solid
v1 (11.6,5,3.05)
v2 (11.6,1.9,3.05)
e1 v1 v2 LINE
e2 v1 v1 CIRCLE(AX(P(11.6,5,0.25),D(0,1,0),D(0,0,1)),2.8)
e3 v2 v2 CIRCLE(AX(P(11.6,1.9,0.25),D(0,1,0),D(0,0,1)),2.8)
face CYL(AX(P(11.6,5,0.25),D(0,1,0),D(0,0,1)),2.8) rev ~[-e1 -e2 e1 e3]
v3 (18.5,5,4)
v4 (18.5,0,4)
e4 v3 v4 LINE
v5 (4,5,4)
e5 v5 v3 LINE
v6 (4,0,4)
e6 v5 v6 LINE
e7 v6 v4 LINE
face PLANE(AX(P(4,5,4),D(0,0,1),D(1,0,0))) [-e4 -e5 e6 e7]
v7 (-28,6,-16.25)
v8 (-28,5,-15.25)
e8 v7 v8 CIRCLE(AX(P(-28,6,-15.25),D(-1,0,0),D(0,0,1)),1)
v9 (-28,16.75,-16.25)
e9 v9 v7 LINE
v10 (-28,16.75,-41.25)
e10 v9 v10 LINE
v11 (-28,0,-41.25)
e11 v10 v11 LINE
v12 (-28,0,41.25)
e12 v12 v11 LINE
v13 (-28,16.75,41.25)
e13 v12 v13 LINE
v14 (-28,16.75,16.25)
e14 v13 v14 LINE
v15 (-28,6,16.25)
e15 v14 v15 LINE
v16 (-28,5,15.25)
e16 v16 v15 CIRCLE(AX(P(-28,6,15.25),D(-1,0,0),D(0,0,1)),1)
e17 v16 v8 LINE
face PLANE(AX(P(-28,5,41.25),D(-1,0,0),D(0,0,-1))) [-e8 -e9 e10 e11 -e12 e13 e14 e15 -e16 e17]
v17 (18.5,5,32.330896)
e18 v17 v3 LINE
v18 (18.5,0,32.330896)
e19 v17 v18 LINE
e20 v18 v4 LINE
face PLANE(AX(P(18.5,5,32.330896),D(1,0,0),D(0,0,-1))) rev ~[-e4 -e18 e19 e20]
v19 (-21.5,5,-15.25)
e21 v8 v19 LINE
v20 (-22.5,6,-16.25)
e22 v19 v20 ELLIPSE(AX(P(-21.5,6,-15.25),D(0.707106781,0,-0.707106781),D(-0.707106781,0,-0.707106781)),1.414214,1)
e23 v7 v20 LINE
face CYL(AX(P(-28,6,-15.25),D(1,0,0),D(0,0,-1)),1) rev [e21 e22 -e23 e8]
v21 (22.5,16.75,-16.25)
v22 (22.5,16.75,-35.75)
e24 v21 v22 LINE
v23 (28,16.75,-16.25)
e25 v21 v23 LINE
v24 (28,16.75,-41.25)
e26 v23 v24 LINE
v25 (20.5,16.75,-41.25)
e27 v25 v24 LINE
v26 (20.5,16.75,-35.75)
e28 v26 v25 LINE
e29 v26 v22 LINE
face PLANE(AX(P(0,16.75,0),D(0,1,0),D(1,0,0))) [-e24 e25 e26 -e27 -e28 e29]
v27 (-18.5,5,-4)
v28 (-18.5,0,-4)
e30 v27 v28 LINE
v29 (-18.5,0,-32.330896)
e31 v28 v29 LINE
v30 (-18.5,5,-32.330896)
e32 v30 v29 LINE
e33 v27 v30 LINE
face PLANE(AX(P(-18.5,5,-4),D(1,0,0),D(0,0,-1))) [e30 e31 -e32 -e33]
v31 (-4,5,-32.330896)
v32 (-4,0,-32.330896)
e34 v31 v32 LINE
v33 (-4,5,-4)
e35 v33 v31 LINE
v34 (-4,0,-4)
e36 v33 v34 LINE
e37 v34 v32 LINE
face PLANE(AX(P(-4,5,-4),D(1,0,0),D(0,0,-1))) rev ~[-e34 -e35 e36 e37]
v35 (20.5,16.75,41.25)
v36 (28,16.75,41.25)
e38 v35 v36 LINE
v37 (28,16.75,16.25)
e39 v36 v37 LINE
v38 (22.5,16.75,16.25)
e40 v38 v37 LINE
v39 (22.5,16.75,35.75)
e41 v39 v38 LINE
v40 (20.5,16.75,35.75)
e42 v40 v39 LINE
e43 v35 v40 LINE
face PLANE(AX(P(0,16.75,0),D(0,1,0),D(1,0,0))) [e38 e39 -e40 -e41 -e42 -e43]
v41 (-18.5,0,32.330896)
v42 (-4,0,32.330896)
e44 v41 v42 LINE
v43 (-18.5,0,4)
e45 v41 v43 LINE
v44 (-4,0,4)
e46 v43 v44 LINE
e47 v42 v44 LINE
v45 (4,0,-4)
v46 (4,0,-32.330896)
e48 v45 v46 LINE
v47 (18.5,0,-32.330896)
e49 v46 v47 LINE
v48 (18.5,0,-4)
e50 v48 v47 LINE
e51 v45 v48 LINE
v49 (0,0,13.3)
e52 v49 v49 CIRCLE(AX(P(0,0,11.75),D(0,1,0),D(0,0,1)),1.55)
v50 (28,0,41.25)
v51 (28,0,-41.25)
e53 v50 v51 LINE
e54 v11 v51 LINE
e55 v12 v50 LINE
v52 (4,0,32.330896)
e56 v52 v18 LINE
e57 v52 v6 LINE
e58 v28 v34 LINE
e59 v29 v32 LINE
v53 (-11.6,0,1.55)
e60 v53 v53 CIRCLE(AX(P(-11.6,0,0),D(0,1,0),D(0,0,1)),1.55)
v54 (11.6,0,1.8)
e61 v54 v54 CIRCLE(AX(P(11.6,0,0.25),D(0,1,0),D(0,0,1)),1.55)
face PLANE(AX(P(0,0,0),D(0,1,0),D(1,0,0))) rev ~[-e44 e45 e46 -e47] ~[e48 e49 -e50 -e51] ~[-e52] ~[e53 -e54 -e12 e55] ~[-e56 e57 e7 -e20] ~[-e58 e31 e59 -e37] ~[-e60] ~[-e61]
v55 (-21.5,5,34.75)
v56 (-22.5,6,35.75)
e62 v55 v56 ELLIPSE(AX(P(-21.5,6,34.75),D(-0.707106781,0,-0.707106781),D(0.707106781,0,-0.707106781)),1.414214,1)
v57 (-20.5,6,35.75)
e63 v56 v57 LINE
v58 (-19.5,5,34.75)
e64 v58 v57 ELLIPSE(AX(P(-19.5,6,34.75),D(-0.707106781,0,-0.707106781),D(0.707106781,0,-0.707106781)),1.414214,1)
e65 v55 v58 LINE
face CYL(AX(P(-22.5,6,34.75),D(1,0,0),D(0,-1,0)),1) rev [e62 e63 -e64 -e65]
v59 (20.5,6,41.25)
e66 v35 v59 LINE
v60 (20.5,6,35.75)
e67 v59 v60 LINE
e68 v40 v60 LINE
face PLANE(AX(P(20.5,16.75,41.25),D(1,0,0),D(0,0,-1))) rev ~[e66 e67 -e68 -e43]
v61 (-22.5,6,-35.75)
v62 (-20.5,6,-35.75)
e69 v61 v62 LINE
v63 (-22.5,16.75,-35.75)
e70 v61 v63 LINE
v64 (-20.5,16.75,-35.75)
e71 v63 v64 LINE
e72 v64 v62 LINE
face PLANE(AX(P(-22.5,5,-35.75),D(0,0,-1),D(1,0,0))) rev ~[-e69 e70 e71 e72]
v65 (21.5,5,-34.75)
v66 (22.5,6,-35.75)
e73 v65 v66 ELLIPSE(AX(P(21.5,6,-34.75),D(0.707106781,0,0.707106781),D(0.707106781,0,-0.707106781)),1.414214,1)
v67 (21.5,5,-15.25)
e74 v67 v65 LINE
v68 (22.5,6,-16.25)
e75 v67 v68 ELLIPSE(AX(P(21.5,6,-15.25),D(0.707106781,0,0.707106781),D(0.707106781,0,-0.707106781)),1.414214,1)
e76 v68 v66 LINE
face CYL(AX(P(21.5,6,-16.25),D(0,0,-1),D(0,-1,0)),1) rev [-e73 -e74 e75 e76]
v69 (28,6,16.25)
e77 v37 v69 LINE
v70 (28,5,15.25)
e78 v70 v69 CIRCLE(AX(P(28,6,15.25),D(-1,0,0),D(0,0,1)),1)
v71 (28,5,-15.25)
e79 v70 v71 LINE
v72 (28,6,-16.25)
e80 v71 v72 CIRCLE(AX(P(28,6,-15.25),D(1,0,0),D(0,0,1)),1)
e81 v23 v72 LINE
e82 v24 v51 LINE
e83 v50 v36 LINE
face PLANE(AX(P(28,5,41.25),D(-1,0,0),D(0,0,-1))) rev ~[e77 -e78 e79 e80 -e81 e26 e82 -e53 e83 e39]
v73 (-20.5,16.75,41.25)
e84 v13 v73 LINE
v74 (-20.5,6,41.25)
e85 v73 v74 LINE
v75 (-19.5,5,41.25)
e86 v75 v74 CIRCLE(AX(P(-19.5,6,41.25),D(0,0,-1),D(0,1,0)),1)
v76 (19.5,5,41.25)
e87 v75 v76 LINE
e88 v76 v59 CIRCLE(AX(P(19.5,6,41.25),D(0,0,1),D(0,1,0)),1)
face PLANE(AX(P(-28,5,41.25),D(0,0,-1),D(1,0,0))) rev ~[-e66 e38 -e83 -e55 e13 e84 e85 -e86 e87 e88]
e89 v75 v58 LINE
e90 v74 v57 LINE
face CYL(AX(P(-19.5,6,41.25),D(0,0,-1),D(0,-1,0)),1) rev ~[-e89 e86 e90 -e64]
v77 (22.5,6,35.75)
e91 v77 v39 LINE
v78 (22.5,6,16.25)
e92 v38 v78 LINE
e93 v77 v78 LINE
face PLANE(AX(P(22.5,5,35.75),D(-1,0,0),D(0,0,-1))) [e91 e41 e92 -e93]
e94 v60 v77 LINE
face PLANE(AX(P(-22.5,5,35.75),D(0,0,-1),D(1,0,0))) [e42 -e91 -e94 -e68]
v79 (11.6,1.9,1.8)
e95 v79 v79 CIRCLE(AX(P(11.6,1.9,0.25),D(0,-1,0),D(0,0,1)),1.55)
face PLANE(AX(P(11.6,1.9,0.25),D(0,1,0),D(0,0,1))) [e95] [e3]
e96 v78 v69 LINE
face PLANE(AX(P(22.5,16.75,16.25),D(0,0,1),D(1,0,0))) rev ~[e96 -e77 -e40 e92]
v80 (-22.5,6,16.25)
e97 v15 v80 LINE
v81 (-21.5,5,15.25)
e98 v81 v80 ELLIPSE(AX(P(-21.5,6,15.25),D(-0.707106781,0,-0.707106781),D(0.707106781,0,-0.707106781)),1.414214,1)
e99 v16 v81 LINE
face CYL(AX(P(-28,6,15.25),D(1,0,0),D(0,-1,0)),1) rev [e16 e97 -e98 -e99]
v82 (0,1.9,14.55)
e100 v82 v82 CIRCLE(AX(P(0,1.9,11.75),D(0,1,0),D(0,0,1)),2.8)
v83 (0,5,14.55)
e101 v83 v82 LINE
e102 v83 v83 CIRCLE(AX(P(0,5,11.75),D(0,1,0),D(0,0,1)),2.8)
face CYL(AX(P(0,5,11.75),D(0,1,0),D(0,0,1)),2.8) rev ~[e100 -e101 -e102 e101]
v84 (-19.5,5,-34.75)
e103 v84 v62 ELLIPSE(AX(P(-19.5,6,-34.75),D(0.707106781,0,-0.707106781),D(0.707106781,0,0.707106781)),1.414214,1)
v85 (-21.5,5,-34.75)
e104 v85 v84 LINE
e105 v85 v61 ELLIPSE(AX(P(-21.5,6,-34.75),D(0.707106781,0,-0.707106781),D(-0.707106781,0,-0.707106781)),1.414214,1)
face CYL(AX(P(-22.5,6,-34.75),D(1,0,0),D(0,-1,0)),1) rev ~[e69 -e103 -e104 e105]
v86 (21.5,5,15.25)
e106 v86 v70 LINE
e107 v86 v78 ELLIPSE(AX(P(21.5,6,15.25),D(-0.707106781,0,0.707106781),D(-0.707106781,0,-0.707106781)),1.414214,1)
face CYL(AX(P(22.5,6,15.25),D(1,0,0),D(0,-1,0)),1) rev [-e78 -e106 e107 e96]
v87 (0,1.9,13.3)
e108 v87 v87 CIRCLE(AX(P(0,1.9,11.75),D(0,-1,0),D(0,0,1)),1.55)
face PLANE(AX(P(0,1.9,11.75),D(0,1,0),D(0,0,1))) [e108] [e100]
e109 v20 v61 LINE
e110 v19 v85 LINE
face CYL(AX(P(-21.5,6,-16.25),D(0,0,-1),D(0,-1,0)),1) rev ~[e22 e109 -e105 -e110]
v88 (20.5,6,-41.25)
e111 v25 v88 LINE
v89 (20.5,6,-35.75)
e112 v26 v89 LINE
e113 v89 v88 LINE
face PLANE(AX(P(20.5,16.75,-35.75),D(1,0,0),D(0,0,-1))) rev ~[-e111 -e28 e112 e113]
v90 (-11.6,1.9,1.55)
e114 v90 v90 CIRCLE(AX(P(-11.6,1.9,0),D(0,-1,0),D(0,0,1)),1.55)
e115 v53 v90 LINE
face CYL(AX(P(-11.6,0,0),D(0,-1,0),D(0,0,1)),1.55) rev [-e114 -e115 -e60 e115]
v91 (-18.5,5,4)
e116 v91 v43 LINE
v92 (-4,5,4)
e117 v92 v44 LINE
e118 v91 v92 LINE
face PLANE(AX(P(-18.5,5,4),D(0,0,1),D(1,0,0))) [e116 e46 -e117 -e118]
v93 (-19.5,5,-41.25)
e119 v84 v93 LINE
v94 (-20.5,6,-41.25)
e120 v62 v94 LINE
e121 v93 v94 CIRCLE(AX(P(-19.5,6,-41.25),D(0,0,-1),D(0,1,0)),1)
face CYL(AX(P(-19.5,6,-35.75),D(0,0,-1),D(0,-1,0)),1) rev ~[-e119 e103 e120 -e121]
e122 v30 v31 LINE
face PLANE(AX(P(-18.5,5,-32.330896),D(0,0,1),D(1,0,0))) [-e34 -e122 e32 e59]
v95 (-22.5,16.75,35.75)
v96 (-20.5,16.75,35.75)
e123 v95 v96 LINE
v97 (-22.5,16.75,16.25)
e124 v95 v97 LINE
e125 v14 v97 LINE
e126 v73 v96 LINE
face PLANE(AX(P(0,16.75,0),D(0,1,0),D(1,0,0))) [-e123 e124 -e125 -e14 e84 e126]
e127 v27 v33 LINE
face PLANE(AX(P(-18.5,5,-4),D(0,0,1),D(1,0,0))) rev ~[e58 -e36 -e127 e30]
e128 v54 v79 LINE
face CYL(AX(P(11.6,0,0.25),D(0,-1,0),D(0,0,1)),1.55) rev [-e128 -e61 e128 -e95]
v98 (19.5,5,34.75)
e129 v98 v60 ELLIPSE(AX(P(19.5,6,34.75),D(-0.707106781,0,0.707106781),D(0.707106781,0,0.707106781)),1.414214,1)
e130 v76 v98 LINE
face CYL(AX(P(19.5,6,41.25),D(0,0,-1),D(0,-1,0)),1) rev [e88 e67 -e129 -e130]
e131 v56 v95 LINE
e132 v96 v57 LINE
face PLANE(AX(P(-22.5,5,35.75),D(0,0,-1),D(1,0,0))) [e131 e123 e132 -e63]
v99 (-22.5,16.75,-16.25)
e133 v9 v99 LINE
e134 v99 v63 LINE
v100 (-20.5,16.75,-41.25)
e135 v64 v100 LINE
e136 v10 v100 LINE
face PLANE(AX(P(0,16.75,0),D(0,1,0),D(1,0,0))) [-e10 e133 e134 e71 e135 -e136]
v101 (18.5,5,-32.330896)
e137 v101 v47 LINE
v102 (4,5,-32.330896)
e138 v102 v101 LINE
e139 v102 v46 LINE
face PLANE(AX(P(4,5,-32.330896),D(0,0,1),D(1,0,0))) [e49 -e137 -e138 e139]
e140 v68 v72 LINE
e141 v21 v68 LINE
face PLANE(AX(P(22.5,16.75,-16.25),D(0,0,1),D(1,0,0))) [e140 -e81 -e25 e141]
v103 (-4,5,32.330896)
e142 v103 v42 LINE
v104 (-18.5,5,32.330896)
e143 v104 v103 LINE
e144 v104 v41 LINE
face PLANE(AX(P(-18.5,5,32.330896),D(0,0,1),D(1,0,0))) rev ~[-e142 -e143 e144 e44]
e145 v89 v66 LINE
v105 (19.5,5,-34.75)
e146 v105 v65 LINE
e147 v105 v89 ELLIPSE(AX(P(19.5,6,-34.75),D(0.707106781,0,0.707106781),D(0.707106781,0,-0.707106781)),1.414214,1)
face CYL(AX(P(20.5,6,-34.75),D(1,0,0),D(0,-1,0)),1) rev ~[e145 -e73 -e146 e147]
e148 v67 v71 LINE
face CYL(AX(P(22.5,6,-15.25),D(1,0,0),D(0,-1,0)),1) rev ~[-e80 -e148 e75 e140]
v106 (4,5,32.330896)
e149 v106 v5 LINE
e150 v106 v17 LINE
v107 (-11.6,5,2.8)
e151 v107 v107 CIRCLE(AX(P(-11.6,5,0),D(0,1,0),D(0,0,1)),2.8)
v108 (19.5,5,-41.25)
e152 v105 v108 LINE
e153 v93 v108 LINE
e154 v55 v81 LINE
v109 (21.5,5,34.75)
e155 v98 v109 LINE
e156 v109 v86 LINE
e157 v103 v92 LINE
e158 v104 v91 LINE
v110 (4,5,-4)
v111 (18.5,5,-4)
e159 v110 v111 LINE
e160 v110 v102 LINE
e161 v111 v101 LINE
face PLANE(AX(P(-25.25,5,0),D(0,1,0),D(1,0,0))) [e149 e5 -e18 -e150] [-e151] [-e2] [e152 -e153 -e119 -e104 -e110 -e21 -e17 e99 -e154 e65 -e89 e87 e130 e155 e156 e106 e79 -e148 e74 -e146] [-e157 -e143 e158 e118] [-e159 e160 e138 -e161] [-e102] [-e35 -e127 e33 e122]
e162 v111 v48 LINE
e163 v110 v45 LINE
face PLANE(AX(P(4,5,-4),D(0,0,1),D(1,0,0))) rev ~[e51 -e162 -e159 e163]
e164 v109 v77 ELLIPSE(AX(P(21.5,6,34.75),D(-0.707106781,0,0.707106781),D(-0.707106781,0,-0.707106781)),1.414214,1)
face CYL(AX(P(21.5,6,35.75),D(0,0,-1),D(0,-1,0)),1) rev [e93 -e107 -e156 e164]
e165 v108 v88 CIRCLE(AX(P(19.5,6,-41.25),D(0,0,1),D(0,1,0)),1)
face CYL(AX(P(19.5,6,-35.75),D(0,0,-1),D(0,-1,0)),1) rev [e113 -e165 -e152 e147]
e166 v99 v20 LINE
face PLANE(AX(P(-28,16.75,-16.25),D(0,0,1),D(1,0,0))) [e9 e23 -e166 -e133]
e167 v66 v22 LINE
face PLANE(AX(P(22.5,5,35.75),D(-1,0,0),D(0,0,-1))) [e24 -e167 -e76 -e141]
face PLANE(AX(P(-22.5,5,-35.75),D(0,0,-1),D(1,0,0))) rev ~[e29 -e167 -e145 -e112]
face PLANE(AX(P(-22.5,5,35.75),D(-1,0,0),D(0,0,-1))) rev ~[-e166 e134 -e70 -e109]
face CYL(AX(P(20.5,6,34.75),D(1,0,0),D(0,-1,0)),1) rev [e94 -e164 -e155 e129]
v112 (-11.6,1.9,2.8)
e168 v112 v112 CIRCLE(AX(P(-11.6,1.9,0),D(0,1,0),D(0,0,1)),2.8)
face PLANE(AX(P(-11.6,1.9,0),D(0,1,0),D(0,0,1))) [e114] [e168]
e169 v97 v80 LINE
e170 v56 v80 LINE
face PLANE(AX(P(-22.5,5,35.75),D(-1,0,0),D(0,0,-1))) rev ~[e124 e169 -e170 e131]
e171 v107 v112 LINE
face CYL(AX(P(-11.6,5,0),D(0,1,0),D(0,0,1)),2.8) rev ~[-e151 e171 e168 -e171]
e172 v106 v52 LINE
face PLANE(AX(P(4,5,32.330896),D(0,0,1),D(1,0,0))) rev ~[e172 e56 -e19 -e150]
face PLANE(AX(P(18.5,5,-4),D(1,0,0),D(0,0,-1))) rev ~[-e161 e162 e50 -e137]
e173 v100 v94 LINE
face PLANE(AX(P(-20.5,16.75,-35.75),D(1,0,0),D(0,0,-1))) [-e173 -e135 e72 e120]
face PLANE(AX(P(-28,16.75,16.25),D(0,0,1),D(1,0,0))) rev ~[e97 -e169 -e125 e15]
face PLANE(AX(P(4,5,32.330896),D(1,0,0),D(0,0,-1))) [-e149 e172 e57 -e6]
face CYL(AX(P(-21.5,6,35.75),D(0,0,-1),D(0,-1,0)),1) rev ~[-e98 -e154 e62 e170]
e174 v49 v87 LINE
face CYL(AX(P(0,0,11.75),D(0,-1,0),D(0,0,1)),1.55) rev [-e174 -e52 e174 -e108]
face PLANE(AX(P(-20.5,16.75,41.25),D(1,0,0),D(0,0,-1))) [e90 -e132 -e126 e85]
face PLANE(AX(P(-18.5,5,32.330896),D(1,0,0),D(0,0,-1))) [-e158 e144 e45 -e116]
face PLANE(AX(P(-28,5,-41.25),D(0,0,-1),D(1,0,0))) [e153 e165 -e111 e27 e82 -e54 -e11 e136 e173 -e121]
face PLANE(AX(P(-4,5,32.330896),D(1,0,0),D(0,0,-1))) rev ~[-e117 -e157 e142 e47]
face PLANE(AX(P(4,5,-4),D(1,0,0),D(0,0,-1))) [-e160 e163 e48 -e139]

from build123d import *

# Parameters (mm, degrees)
SKETCH1_W           = 56
SKETCH1_H           = 82.5
SKETCH1_R           = 1.55
BOSS_EXTRUDE1_DEPTH = 5
SKETCH2_W           = 56
SKETCH2_H           = 82.5
SKETCH2_W_2         = 45
SKETCH2_H_2         = 71.5
BOSS_EXTRUDE2_DEPTH = 11.75
SKETCH3_W           = 5.5
SKETCH3_H           = 32.5
SKETCH3_W_2         = 41
SKETCH3_H_2         = 5.5
CUT_EXTRUDE1_DEPTH  = 11.75
FILLET1_R           = 1
SKETCH5_R           = 2.8
CUT_EXTRUDE2_DEPTH  = 3.1
SKETCH6_W           = 14.5
SKETCH6_H           = 28.330895985
CUT_EXTRUDE4_DEPTH  = 52.221333446


with BuildPart() as part:
    # Sketch1 → Boss-Extrude1 (new body)
    with BuildSketch(Plane(origin=(0, 0, 0), x_dir=(1, 0, 0), z_dir=(0, 1, 0))):
        Rectangle(SKETCH1_W, SKETCH1_H)
        with Locations(Location((-11.6, 0, 0), (0, 0, 270))):
            Circle(SKETCH1_R, mode=Mode.SUBTRACT)
        with Locations(Location((0, -11.75, 0), (0, 0, 270))):
            Circle(SKETCH1_R, mode=Mode.SUBTRACT)
        with Locations(Location((11.6, -0.25, 0), (0, 0, 270))):
            Circle(SKETCH1_R, mode=Mode.SUBTRACT)
    extrude(amount=BOSS_EXTRUDE1_DEPTH)

    # Sketch2 → Boss-Extrude2 (add)
    with BuildSketch(Plane(origin=(0, 5, 0), x_dir=(1, 0, 0), z_dir=(0, 1, 0))):
        Rectangle(SKETCH2_W, SKETCH2_H)
        Rectangle(SKETCH2_W_2, SKETCH2_H_2, mode=Mode.SUBTRACT)
    extrude(amount=BOSS_EXTRUDE2_DEPTH)

    # Sketch3 → Cut-Extrude1 (cut)
    with BuildSketch(Plane(origin=(0, 16.75, 0), x_dir=(1, 0, 0), z_dir=(0, 1, 0))):
        with Locations((-25.25, 0)):
            Rectangle(SKETCH3_W, SKETCH3_H)
        with Locations((0, 38.5)):
            Rectangle(SKETCH3_W_2, SKETCH3_H_2)
        with Locations((0, -38.5)):
            Rectangle(SKETCH3_W_2, SKETCH3_H_2)
        with Locations((25.25, 0)):
            Rectangle(SKETCH3_W, SKETCH3_H)
    extrude(amount=-CUT_EXTRUDE1_DEPTH, mode=Mode.SUBTRACT)

    # Fillet1
    fillet1_edges = [part.edges().sort_by_distance(p)[0] for p in [
        (22.5, 5, 26),
        (21.5, 5, -35.75),
        (-22.5, 5, -26),
        (-21.5, 5, 35.75),
        (21.5, 5, 35.75),
        (-22.5, 5, 26),
        (-21.5, 5, -35.75),
        (22.5, 5, -26),
        (-25.25, 5, 16.25),
        (-25.25, 5, -16.25),
        (20.5, 5, -38.5),
        (-20.5, 5, -38.5),
        (20.5, 5, 38.5),
        (-20.5, 5, 38.5),
        (25.25, 5, 16.25),
        (25.25, 5, -16.25),
    ]]
    fillet(fillet1_edges, radius=FILLET1_R)

    # Sketch5 → Cut-Extrude2 (cut)
    with BuildSketch(Plane(origin=(0, 5, 0), x_dir=(1, 0, 0), z_dir=(0, 1, 0))):
        with Locations(Location((-11.6, 0, 0), (0, 0, 270))):
            Circle(SKETCH5_R)
        with Locations(Location((11.6, -0.25, 0), (0, 0, 270))):
            Circle(SKETCH5_R)
        with Locations(Location((0, -11.75, 0), (0, 0, 270))):
            Circle(SKETCH5_R)
    extrude(amount=-CUT_EXTRUDE2_DEPTH, mode=Mode.SUBTRACT)

    # Sketch6 → Cut-Extrude4 (cut, through all)
    with BuildSketch(Plane(origin=(0, 5, 0), x_dir=(1, 0, 0), z_dir=(0, 1, 0))):
        with Locations((-11.25, 18.165447993)):
            Rectangle(SKETCH6_W, SKETCH6_H)
        with Locations((11.25, 18.165447993)):
            Rectangle(SKETCH6_W, SKETCH6_H)
        with Locations((11.25, -18.165447993)):
            Rectangle(SKETCH6_W, SKETCH6_H)
        with Locations((-11.25, -18.165447993)):
            Rectangle(SKETCH6_W, SKETCH6_H)
    extrude(amount=-CUT_EXTRUDE4_DEPTH, mode=Mode.SUBTRACT)


solid = part.part
